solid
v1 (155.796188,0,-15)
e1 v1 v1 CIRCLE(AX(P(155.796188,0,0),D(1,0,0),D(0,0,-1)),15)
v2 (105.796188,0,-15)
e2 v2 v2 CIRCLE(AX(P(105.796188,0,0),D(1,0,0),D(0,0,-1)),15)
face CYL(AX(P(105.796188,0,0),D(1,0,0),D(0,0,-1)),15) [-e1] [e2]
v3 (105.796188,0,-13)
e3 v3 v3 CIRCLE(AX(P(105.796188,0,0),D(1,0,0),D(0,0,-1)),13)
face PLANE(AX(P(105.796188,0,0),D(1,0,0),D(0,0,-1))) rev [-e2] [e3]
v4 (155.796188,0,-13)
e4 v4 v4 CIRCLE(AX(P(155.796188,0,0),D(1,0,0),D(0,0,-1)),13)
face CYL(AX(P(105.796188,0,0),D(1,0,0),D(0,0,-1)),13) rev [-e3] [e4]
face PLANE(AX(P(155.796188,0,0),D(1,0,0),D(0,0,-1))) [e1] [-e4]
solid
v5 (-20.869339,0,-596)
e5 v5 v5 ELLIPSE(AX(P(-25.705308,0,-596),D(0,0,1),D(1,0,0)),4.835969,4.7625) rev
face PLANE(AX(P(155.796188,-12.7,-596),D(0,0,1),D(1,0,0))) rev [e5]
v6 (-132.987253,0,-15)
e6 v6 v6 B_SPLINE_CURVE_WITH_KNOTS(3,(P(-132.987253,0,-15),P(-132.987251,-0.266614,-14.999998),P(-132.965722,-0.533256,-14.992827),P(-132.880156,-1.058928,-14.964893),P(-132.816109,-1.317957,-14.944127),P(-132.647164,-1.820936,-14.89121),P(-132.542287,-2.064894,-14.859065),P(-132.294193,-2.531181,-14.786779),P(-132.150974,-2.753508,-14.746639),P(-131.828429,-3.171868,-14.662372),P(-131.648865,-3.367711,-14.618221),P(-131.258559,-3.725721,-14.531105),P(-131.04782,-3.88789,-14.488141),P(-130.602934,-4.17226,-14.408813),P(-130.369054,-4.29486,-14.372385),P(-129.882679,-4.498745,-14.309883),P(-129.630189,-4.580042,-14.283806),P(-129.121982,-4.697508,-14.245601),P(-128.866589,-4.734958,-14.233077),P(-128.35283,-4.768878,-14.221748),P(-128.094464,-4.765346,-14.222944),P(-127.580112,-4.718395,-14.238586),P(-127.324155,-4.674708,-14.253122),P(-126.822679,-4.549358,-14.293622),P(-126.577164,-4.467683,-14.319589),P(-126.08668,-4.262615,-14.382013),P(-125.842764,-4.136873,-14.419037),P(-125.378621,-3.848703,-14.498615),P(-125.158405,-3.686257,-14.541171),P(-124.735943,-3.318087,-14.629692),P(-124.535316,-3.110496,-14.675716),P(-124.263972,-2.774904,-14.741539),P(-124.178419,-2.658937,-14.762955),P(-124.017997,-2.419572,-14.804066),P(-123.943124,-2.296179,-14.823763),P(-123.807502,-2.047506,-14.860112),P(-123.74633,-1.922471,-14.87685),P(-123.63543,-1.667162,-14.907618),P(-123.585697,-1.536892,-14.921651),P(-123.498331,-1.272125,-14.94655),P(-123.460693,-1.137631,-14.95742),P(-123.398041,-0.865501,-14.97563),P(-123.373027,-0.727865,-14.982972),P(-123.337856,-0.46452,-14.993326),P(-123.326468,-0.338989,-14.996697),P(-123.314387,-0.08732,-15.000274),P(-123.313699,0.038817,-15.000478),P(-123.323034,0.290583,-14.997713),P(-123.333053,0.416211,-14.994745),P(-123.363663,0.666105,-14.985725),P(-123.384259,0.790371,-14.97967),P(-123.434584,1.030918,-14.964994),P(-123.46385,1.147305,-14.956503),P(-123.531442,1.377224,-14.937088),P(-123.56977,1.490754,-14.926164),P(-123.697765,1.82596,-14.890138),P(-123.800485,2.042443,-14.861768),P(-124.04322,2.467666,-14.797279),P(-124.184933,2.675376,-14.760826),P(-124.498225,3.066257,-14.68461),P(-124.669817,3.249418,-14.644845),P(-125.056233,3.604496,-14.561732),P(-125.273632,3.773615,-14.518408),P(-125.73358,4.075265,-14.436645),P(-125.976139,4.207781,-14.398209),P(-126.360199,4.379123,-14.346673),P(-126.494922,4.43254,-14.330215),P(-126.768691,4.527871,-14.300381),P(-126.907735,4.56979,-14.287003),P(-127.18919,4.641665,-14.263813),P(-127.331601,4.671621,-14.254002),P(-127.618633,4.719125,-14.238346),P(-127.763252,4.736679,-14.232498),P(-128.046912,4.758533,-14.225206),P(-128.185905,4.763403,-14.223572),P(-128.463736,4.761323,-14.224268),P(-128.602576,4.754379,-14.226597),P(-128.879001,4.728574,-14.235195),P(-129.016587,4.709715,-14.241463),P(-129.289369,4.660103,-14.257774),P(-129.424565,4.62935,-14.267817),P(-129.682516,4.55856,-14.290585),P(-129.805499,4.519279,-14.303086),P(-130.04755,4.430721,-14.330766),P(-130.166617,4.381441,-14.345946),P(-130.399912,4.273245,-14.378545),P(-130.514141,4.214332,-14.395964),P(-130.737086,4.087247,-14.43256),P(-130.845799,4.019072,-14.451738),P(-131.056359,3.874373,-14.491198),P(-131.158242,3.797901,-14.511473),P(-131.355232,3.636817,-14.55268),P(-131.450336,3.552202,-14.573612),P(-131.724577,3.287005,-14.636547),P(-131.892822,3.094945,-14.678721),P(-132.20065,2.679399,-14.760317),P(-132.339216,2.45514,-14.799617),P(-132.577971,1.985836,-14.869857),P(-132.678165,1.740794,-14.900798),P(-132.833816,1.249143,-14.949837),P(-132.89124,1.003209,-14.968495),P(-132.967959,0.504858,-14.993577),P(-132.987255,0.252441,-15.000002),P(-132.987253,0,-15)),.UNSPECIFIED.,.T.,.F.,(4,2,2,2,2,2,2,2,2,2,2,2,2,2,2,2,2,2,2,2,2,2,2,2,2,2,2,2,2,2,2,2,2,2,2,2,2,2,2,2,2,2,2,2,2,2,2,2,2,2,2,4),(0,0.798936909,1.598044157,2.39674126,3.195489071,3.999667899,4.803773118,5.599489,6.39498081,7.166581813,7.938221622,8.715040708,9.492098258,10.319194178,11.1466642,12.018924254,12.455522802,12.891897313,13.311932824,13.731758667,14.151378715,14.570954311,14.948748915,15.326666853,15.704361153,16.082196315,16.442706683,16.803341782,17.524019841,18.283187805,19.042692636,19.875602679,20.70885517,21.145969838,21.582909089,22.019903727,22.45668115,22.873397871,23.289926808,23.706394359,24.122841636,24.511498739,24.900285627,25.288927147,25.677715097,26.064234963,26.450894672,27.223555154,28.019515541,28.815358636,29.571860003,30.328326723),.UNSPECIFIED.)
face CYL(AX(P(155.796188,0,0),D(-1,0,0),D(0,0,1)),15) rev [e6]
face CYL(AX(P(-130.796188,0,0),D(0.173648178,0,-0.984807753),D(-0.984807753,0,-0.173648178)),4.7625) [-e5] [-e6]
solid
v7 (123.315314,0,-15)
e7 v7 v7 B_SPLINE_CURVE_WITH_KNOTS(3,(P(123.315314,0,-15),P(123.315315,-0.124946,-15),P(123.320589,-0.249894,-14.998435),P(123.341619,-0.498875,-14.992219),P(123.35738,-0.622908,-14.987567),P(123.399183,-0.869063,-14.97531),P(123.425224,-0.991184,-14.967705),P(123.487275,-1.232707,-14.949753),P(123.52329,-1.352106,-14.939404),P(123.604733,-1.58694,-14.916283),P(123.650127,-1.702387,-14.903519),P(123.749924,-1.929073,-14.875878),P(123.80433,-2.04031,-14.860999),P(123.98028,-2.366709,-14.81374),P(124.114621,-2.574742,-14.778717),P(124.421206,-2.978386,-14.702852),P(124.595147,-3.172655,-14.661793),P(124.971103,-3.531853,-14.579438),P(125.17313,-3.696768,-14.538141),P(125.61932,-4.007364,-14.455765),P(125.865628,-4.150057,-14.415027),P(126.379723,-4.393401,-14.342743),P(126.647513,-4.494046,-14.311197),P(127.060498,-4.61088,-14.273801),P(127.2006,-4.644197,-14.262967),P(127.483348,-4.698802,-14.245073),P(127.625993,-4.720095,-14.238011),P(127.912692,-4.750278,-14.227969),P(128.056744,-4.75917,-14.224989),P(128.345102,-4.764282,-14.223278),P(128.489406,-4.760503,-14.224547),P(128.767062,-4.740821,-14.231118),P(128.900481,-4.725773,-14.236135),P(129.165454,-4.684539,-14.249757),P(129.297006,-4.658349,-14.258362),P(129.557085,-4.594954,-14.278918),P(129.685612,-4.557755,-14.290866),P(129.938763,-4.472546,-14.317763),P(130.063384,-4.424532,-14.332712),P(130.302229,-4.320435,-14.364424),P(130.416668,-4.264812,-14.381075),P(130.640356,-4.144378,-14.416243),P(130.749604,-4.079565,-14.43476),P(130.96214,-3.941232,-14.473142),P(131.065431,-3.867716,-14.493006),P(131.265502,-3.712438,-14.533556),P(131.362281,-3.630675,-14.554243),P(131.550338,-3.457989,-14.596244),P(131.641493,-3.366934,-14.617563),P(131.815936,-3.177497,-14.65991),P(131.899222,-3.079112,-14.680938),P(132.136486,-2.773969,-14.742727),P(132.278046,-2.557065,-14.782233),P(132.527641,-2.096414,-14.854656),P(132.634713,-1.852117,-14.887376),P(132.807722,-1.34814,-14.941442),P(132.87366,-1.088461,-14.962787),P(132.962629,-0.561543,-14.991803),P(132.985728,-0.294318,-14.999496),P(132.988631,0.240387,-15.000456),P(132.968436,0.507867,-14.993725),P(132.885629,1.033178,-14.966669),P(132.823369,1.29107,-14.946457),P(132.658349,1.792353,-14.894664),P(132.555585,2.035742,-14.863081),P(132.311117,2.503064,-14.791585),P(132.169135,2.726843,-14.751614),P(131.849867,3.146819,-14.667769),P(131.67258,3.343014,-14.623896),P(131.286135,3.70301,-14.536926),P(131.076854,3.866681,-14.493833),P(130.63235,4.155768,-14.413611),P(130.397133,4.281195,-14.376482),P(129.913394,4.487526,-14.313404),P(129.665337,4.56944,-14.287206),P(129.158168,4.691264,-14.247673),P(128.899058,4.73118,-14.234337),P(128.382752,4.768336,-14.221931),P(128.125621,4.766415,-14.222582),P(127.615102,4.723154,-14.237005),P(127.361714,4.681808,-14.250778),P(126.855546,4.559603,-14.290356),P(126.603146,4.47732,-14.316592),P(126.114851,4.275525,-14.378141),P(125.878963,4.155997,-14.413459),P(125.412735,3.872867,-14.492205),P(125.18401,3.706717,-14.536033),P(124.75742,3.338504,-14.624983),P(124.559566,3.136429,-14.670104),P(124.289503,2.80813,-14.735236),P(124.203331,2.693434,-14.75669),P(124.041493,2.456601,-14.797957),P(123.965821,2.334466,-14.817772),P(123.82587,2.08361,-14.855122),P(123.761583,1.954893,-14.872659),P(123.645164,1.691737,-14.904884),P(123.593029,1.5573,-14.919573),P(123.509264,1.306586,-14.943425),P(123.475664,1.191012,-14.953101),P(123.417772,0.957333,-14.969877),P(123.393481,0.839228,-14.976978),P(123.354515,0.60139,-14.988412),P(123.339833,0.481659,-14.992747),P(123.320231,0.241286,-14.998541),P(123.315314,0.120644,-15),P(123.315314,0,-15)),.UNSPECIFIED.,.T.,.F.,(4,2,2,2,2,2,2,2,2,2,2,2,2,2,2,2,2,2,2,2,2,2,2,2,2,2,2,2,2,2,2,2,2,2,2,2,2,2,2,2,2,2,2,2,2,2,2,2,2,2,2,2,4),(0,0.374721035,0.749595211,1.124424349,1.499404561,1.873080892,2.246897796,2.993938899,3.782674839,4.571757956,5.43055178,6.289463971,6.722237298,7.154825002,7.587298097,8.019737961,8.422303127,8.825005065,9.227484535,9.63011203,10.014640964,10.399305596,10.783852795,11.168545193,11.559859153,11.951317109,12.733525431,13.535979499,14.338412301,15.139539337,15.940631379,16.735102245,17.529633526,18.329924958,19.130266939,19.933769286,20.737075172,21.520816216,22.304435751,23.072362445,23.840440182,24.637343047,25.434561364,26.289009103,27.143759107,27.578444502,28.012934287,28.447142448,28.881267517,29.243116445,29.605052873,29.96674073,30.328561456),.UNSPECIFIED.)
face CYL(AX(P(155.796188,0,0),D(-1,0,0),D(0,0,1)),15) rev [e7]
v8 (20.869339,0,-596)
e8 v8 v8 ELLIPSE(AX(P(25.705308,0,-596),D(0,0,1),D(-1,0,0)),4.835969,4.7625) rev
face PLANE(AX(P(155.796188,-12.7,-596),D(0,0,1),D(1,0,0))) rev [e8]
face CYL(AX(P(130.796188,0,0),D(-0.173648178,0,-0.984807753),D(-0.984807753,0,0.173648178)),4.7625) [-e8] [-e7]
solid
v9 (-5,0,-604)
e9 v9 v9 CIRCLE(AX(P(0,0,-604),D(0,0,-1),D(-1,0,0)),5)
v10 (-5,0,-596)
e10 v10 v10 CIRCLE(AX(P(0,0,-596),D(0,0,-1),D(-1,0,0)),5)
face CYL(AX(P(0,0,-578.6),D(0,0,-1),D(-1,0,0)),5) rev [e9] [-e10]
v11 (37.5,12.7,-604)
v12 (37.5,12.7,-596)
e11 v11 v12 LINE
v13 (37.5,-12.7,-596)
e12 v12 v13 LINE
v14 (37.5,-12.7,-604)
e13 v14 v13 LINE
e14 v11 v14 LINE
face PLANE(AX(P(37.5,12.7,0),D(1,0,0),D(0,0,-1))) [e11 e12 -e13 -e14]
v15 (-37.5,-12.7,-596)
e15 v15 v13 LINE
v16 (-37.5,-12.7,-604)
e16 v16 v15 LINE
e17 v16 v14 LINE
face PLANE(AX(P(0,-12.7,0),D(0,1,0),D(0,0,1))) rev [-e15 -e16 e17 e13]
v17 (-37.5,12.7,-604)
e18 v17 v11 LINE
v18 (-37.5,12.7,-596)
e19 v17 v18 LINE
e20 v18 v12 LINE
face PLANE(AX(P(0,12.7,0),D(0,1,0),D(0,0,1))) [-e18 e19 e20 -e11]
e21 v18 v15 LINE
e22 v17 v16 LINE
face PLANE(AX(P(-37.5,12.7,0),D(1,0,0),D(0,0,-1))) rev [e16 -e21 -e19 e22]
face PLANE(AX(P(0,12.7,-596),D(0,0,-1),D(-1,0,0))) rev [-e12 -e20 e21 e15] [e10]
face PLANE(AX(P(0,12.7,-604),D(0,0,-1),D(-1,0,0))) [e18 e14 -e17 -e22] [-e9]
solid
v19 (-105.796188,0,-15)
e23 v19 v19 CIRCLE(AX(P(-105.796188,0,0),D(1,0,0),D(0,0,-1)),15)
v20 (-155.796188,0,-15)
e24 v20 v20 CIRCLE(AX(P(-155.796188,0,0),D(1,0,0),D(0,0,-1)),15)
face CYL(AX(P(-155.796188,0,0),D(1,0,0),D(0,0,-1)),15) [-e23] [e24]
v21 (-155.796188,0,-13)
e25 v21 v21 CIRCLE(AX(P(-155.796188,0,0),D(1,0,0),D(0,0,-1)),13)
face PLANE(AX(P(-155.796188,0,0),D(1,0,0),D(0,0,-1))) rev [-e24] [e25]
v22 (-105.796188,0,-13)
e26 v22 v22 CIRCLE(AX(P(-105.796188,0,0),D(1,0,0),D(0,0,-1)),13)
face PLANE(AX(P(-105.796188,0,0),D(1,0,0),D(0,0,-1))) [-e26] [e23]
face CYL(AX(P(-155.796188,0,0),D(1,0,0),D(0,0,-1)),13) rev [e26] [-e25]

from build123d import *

# Parameters (mm, degrees)
SWEEP2_PROFILE_R        = 4.7625
SWEEP3_PROFILE_R        = 4.7625
SWEEP_THIN2_PROFILE_R   = 15
SWEEP_THIN2_PROFILE_R_2 = 13
SWEEP_THIN3_PROFILE_R   = 15
SWEEP_THIN3_PROFILE_R_2 = 13
BOSS_EXTRUDE1_DEPTH     = 12.7
SKETCH164_W             = 8
SKETCH164_H             = 25.4
CUT_EXTRUDE1_DEPTH      = 635.353542167
SKETCH165_R             = 15
CUT_EXTRUDE2_DEPTH      = 680.802036854
SKETCH166_R             = 5
CUT_EXTRUDE3_DEPTH      = 25.4


with BuildPart() as part:
    # Sweep2: sweep along a path in Sketch1
    with BuildLine(Plane(origin=(0, 0, 0), x_dir=(1, 0, 0), z_dir=(0, 1, 0))) as sweep2_path:
        Line((130.796188425, 0), (25, 600))
    # Sweep2 profile (on start of the path) → Sweep2 (sweep)
    with BuildSketch(Plane(origin=(130.796188425, 0, 0), x_dir=(-0.9848077530122079, 0, 0.17364817766693125), z_dir=(-0.17364817766693125, 0, -0.9848077530122079))):
        Circle(SWEEP2_PROFILE_R)
    sweep(path=sweep2_path.line)


with BuildPart() as body_2:
    # Sweep3: sweep along a path in Sketch78
    with BuildLine(Plane(origin=(0, 0, 0), x_dir=(1, 0, 0), z_dir=(0, 1, 0))) as sweep3_path:
        Line((-130.796188425, 0), (-25, 600))
    # Sweep3 profile (on start of the path) → Sweep3 (sweep)
    with BuildSketch(Plane(origin=(-130.796188425, 0, 0), x_dir=(-0.9848077530122079, 0, -0.17364817766693125), z_dir=(0.17364817766693125, 0, -0.9848077530122079))):
        Circle(SWEEP3_PROFILE_R)
    sweep(path=sweep3_path.line)


with BuildPart() as body_3:
    # Sweep-Thin2: sweep along a path in Sketch87
    with BuildLine(Plane(origin=(0, 0, 0), x_dir=(1, 0, 0), z_dir=(0, 1, 0))) as sweep_thin2_path:
        Line((-155.796188425, 0), (-105.796188425, 0))
    # Sweep-Thin2 profile (on start of the path) → Sweep-Thin2 (sweep)
    with BuildSketch(Plane(origin=(-155.796188425, 0, 0), x_dir=(0, 0, 1), z_dir=(1, 0, 0))):
        Circle(SWEEP_THIN2_PROFILE_R)
        Circle(SWEEP_THIN2_PROFILE_R_2, mode=Mode.SUBTRACT)
    sweep(path=sweep_thin2_path.line)


with BuildPart() as body_4:
    # Sweep-Thin3: sweep along a path in Sketch140
    with BuildLine(Plane(origin=(0, 0, 0), x_dir=(1, 0, 0), z_dir=(0, 1, 0))) as sweep_thin3_path:
        Line((105.796188425, 0), (155.796188425, 0))
    # Sweep-Thin3 profile (on start of the path) → Sweep-Thin3 (sweep)
    with BuildSketch(Plane(origin=(105.796188425, 0, 0), x_dir=(0, 0, 1), z_dir=(1, 0, 0))):
        Circle(SWEEP_THIN3_PROFILE_R)
        Circle(SWEEP_THIN3_PROFILE_R_2, mode=Mode.SUBTRACT)
    sweep(path=sweep_thin3_path.line)


with BuildPart() as body_5:
    # Sketch161 → Boss-Extrude1 (new, symmetric)
    with BuildSketch(Plane(origin=(0, 0, 0), x_dir=(1, 0, 0), z_dir=(0, 1, 0))):
        Polygon((37.5, 604), (-37.5, 604), (-37.5, 596), (-25.705307923, 596), (25.705307923, 596), (37.5, 596), align=None)
    extrude(amount=BOSS_EXTRUDE1_DEPTH, both=True)

    # Sketch166 → Cut-Extrude3 (cut)
    with BuildSketch(Plane(origin=(0, 0, -604), x_dir=(-1, 0, 0), z_dir=(0, 0, -1))):
        Circle(SKETCH166_R)
    extrude(amount=-CUT_EXTRUDE3_DEPTH, mode=Mode.SUBTRACT)


with BuildPart() as cut_extrude1_tool:
    # Sketch164 → Cut-Extrude1 (new, through all)
    with BuildSketch(Plane.ZY.offset(37.5)):
        with Locations((-600, 0)):
            Rectangle(SKETCH164_W, SKETCH164_H)
    extrude(amount=-CUT_EXTRUDE1_DEPTH)


with BuildPart() as body_2_1:
    add(body_2.part)

    # Cut-Extrude1: cut by cut_extrude1_tool
    add(cut_extrude1_tool.part, mode=Mode.SUBTRACT)


with BuildPart() as part_1:
    add(part.part)

    # Cut-Extrude1: cut by cut_extrude1_tool
    add(cut_extrude1_tool.part, mode=Mode.SUBTRACT)


with BuildPart() as cut_extrude2_tool:
    # Sketch165 → Cut-Extrude2 (new, through all)
    with BuildSketch(Plane.ZY.offset(155.796188425)):
        Circle(SKETCH165_R)
    extrude(amount=-CUT_EXTRUDE2_DEPTH)


with BuildPart() as body_2_2:
    add(body_2_1.part)

    # Cut-Extrude2: cut by cut_extrude2_tool
    add(cut_extrude2_tool.part, mode=Mode.SUBTRACT)


with BuildPart() as part_2:
    add(part_1.part)

    # Cut-Extrude2: cut by cut_extrude2_tool
    add(cut_extrude2_tool.part, mode=Mode.SUBTRACT)


solid = Compound([body_3.part, body_4.part, body_5.part, body_2_2.part, part_2.part])
